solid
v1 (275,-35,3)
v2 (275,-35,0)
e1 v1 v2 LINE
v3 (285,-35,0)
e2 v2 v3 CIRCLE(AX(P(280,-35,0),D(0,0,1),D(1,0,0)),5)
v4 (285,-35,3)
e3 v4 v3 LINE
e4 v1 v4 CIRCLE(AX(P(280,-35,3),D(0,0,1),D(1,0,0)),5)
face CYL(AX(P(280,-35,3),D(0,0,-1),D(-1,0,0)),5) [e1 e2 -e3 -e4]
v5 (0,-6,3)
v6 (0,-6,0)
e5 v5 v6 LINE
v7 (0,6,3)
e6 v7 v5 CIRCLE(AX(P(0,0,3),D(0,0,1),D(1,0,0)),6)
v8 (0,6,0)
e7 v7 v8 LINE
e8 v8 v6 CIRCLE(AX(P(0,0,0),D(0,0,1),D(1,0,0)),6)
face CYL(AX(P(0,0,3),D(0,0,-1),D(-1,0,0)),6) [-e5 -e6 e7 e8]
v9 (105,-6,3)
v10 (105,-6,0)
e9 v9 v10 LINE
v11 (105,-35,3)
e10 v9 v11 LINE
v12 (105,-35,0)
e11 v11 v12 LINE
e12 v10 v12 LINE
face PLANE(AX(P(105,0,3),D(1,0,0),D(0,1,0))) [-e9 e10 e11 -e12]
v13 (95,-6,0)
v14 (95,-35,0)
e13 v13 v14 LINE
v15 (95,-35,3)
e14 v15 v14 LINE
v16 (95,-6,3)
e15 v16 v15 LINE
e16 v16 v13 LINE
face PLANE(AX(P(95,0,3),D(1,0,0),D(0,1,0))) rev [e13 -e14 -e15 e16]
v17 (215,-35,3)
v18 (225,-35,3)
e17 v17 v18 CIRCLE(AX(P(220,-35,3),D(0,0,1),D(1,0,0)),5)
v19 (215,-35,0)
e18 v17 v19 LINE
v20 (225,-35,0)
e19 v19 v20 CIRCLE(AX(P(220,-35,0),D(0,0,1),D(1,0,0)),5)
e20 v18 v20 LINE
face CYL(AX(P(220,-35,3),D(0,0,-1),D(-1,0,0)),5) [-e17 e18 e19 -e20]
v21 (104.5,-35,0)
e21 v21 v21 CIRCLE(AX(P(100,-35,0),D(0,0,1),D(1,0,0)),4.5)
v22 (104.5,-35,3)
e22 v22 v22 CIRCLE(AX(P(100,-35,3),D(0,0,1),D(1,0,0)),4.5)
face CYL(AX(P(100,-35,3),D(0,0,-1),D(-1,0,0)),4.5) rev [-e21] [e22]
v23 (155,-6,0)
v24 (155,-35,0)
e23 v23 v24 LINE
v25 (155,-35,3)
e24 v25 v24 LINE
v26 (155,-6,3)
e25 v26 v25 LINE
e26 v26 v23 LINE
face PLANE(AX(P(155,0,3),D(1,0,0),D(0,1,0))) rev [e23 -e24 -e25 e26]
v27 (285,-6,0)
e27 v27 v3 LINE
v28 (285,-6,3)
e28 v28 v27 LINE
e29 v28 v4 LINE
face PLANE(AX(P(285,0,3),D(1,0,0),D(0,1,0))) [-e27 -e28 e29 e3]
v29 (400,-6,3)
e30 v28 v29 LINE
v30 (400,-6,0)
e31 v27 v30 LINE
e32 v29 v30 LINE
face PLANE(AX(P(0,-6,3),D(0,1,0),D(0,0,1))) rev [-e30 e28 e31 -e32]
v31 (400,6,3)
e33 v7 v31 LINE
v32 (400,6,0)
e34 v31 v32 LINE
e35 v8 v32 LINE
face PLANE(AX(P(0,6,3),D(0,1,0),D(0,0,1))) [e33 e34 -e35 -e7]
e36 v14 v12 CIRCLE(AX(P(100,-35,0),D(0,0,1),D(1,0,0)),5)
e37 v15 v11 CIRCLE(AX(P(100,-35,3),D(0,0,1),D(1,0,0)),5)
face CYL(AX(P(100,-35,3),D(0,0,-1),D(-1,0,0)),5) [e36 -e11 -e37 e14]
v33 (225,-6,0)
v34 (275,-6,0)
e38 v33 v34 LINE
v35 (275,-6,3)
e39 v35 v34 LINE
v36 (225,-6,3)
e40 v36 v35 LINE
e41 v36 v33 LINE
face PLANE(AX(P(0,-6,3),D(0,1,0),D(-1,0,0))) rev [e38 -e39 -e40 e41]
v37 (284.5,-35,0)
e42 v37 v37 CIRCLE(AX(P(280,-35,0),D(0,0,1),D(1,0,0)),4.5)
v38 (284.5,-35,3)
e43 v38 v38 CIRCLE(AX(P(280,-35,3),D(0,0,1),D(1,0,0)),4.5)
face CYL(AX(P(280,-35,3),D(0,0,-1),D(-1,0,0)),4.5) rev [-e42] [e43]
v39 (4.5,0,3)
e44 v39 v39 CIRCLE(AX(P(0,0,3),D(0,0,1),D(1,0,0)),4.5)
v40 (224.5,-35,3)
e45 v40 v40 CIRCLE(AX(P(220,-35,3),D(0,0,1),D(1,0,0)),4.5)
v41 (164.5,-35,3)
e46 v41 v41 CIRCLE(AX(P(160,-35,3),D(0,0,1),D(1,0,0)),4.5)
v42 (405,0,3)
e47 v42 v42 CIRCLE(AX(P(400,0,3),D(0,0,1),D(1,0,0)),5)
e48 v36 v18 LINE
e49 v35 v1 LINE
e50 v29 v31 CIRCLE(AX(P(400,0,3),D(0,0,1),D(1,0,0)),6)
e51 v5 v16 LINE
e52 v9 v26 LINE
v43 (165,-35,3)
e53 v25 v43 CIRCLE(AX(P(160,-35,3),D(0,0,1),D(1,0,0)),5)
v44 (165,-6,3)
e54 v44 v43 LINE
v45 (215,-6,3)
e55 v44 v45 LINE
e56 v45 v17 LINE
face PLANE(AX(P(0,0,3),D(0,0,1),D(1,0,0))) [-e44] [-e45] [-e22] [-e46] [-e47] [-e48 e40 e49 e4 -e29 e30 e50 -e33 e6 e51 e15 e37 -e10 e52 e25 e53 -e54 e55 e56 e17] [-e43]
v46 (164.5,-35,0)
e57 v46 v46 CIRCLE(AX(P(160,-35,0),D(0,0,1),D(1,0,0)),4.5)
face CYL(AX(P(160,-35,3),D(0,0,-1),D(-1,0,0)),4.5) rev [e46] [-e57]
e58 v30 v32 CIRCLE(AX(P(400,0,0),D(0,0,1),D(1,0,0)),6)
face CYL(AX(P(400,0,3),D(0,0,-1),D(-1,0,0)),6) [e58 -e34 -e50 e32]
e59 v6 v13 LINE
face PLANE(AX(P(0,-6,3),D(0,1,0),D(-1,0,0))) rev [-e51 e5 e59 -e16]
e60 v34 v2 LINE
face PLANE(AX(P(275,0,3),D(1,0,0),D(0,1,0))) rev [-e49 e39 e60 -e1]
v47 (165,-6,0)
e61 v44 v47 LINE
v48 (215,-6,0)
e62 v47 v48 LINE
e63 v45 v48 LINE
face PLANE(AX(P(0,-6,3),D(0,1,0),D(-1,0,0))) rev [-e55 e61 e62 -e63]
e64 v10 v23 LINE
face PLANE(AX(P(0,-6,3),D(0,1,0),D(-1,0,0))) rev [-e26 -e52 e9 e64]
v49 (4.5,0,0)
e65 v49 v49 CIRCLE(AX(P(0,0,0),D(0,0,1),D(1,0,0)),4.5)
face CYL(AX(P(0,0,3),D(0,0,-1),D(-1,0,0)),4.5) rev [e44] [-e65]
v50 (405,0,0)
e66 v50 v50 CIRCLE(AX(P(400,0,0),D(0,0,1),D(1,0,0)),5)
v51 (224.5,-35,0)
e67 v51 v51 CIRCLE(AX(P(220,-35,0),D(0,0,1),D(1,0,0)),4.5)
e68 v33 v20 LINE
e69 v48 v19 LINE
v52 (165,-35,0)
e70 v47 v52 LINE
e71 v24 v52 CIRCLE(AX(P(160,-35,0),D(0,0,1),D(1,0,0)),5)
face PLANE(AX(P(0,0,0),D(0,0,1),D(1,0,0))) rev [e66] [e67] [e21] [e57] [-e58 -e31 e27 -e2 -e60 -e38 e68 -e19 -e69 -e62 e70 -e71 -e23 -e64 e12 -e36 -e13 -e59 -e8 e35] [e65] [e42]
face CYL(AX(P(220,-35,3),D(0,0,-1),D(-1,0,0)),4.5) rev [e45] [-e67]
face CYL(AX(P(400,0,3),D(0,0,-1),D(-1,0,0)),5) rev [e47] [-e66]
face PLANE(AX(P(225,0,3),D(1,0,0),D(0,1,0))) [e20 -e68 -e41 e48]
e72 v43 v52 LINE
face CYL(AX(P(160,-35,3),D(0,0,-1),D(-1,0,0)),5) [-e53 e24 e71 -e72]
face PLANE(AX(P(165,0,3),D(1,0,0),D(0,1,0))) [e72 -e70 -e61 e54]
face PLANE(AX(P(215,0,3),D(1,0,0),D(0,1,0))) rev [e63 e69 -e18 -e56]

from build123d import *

# Parameters (mm, degrees)
SKETCH1_R           = 4.5
SKETCH1_R_2         = 5
BOSS_EXTRUDE2_DEPTH = 3


with BuildPart() as part:
    # Sketch1 → Boss-Extrude2 (new body)
    with BuildSketch(Plane.XY):
        with BuildLine():
            Line((400, 6), (0, 6))
            ThreePointArc((0, 6), (-6, 0), (0, -6))
            Line((0, -6), (95, -6))
            Line((95, -6), (95, -35))
            ThreePointArc((95, -35), (100, -40), (105, -35))
            Line((105, -35), (105, -6))
            Line((105, -6), (155, -6))
            Line((155, -6), (155, -35))
            ThreePointArc((155, -35), (160, -40), (165, -35))
            Line((165, -35), (165, -6))
            Line((165, -6), (215, -6))
            Line((215, -6), (215, -35))
            ThreePointArc((215, -35), (220, -40), (225, -35))
            Line((225, -35), (225, -6))
            Line((225, -6), (275, -6))
            Line((275, -6), (275, -35))
            ThreePointArc((275, -35), (280, -40), (285, -35))
            Line((285, -35), (285, -6))
            Line((285, -6), (400, -6))
            ThreePointArc((400, -6), (406, 0), (400, 6))
        make_face()
        Circle(SKETCH1_R, mode=Mode.SUBTRACT)
        with Locations((400, 0)):
            Circle(SKETCH1_R_2, mode=Mode.SUBTRACT)
        with Locations((100, -35)):
            Circle(SKETCH1_R, mode=Mode.SUBTRACT)
        with Locations((280, -35)):
            Circle(SKETCH1_R, mode=Mode.SUBTRACT)
        with Locations((160, -35)):
            Circle(SKETCH1_R, mode=Mode.SUBTRACT)
        with Locations((220, -35)):
            Circle(SKETCH1_R, mode=Mode.SUBTRACT)
    extrude(amount=BOSS_EXTRUDE2_DEPTH)


solid = part.part
